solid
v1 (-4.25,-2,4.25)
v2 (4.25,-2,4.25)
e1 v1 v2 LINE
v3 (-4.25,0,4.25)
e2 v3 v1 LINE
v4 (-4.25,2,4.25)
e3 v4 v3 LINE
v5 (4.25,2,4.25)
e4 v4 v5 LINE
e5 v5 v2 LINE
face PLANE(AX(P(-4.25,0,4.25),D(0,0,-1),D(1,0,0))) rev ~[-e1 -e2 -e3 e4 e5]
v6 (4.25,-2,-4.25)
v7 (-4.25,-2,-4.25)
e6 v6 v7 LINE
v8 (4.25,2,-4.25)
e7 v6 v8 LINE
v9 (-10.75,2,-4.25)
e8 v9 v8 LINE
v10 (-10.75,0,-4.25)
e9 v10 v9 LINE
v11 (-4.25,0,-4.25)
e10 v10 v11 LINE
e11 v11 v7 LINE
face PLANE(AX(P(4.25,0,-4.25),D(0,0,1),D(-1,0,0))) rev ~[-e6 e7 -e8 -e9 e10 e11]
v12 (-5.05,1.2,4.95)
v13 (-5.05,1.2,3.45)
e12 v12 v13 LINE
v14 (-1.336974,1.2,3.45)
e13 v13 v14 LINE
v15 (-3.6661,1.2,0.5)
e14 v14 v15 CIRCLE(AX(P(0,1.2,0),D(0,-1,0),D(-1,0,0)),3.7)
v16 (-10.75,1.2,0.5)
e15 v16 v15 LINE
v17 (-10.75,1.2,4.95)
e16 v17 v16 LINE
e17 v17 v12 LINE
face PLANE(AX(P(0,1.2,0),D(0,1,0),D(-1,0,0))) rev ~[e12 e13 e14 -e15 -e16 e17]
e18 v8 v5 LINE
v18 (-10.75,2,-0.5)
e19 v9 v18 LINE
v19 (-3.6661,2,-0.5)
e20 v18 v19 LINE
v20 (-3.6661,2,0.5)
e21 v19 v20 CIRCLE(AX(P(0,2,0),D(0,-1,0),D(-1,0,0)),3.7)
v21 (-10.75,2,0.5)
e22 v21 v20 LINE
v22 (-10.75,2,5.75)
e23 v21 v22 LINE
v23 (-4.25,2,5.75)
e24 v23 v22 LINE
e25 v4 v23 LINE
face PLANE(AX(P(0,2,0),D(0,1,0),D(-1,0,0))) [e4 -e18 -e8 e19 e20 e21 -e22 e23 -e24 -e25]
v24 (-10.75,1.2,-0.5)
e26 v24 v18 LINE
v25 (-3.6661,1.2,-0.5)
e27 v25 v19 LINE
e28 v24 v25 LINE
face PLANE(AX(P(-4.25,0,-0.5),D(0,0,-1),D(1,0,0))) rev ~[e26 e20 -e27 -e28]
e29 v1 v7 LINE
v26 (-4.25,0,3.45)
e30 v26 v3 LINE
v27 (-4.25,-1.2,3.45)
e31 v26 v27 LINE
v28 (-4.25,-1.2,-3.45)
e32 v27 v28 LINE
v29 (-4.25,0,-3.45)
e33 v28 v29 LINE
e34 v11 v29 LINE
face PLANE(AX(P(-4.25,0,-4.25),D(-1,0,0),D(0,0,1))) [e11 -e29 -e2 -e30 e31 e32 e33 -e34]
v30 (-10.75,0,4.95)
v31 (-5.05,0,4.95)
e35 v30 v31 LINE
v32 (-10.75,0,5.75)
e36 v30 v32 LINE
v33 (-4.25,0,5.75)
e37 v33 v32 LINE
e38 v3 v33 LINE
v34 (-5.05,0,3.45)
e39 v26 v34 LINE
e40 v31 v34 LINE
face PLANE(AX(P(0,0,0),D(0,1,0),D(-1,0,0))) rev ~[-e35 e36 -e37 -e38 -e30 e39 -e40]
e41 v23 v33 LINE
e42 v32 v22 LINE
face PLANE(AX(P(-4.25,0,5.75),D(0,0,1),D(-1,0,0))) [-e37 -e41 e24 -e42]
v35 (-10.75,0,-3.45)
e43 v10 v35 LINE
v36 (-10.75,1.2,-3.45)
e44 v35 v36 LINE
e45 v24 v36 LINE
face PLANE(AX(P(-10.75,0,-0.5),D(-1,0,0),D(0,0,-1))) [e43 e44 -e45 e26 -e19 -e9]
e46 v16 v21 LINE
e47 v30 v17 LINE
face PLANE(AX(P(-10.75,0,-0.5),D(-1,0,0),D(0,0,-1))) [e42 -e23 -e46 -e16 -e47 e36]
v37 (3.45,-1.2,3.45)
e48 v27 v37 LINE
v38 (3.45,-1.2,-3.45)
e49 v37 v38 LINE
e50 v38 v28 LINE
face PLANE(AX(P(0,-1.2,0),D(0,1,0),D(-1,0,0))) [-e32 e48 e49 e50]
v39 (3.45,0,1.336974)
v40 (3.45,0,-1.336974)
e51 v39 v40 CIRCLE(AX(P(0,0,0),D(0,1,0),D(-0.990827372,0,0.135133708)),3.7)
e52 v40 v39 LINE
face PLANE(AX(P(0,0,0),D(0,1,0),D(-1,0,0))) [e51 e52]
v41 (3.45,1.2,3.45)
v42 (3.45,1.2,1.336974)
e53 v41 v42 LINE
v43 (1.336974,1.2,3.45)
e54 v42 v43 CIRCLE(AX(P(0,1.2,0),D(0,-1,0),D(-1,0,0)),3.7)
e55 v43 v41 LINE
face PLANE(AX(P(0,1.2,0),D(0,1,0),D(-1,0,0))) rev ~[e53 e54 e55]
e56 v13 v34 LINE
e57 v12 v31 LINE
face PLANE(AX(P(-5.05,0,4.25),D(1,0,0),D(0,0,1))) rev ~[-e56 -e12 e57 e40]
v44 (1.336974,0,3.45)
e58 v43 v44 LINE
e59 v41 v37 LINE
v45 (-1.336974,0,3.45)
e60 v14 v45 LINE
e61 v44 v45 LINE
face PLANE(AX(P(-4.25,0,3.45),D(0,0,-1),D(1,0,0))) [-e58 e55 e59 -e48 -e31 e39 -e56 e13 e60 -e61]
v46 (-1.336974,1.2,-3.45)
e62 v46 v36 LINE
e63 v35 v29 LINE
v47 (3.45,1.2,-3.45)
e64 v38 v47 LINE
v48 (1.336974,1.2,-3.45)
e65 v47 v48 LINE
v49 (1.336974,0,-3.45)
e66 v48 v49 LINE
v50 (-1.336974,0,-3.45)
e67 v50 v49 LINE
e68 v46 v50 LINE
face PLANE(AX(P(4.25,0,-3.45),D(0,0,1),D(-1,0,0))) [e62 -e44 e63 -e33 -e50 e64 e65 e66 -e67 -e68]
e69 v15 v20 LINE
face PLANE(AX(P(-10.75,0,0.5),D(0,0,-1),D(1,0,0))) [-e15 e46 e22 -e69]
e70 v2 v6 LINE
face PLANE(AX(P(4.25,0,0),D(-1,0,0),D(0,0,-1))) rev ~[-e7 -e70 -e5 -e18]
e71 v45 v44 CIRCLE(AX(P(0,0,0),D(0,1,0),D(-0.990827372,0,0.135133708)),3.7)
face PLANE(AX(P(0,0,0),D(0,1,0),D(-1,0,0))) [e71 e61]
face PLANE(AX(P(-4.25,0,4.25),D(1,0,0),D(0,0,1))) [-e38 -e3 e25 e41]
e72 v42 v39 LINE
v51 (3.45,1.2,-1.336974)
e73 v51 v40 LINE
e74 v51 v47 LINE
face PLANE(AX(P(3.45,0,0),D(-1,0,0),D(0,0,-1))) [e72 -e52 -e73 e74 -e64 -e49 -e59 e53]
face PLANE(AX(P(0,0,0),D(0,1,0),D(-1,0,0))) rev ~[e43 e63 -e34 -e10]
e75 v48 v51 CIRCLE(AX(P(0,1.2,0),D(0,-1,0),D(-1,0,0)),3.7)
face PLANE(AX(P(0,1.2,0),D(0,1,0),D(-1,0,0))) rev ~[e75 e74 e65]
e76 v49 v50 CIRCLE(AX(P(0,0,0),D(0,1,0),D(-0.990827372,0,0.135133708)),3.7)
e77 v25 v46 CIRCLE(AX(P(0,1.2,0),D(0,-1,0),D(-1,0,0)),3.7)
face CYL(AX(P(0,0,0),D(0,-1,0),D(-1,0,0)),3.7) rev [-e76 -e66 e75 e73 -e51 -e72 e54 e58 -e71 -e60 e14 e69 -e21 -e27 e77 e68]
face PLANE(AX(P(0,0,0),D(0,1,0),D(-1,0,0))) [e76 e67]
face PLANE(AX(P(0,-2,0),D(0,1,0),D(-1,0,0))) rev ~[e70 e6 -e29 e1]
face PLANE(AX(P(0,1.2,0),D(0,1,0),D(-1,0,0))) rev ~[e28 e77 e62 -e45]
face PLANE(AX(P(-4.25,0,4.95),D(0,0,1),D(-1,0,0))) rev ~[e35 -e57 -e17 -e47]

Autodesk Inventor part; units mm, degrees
ref_plane "YZ Plane" through (0, 0, 0) normal (1, 0, 0) x (0, 1, 0)
ref_plane "XZ Plane" through (0, 0, 0) normal (0, 1, 0) x (-1, 0, 0)
ref_plane "XY Plane" through (0, 0, 0) normal (0, 0, 1) x (1, 0, 0)
sketch "Sketch1" plane through (0, 0, 0) normal (0, 1, 0) x (-1, 0, 0)
  line L0 (-4.25, -4.25) -> (4.25, -4.25)
  line L1 (4.25, -4.25) -> (4.25, 4.25)
  line L2 (4.25, 4.25) -> (-4.25, 4.25)
  line L3 (-4.25, 4.25) -> (-4.25, -4.25)
  line L4 (-4.25, -4.25) -> (4.25, 4.25) construction
  line L5 (4.25, -4.25) -> (-4.25, 4.25) construction
  circle A0 centre (0, 0) radius 3.7
  line L6 (10.75, 0.5) -> (3.6661, 0.5)
  line L7 (10.75, -0.5) -> (3.6661, -0.5)
  line L8 (6.6744, 0) -> (-5, 0)
  line L9 (4.25, 4.25) -> (4.25, 5.75)
  line L10 (4.25, 5.75) -> (10.75, 5.75)
  line L11 (10.75, 5.75) -> (10.75, -4.25)
  line L12 (10.75, -4.25) -> (4.25, -4.25)
  point P0 (4.25, 0.5)
  point P1 (4.25, -0.5)
  dimension "d0" = 8.5
  dimension "d1" = 8.5
  dimension "d2" = 7.4
  dimension "d6" = 1
  dimension "d9" = 1.5
  dimension "d10" = 6.5
extrude "Extrusion1" add sketch "Sketch1" along normal mid plane 4
shell "Shell2" thickness 0.8 removed faces 1 at (-10.75, 0.6667, 2.4167)
extrude "Extrusion2" cut sketch "Sketch1" along normal up to next contours L7 A0 L8 L1 | L1 L6 L11 L7 | L8 A0 | A0 L8 | L8 A0 L6 L1
extrude "Extrusion3" cut sketch "Sketch1" against normal up to next contours L1 L7 L11 L12 | L1 L6 L11 L7 | L9 L10 L11 L6 L1
properties part number "camera"
